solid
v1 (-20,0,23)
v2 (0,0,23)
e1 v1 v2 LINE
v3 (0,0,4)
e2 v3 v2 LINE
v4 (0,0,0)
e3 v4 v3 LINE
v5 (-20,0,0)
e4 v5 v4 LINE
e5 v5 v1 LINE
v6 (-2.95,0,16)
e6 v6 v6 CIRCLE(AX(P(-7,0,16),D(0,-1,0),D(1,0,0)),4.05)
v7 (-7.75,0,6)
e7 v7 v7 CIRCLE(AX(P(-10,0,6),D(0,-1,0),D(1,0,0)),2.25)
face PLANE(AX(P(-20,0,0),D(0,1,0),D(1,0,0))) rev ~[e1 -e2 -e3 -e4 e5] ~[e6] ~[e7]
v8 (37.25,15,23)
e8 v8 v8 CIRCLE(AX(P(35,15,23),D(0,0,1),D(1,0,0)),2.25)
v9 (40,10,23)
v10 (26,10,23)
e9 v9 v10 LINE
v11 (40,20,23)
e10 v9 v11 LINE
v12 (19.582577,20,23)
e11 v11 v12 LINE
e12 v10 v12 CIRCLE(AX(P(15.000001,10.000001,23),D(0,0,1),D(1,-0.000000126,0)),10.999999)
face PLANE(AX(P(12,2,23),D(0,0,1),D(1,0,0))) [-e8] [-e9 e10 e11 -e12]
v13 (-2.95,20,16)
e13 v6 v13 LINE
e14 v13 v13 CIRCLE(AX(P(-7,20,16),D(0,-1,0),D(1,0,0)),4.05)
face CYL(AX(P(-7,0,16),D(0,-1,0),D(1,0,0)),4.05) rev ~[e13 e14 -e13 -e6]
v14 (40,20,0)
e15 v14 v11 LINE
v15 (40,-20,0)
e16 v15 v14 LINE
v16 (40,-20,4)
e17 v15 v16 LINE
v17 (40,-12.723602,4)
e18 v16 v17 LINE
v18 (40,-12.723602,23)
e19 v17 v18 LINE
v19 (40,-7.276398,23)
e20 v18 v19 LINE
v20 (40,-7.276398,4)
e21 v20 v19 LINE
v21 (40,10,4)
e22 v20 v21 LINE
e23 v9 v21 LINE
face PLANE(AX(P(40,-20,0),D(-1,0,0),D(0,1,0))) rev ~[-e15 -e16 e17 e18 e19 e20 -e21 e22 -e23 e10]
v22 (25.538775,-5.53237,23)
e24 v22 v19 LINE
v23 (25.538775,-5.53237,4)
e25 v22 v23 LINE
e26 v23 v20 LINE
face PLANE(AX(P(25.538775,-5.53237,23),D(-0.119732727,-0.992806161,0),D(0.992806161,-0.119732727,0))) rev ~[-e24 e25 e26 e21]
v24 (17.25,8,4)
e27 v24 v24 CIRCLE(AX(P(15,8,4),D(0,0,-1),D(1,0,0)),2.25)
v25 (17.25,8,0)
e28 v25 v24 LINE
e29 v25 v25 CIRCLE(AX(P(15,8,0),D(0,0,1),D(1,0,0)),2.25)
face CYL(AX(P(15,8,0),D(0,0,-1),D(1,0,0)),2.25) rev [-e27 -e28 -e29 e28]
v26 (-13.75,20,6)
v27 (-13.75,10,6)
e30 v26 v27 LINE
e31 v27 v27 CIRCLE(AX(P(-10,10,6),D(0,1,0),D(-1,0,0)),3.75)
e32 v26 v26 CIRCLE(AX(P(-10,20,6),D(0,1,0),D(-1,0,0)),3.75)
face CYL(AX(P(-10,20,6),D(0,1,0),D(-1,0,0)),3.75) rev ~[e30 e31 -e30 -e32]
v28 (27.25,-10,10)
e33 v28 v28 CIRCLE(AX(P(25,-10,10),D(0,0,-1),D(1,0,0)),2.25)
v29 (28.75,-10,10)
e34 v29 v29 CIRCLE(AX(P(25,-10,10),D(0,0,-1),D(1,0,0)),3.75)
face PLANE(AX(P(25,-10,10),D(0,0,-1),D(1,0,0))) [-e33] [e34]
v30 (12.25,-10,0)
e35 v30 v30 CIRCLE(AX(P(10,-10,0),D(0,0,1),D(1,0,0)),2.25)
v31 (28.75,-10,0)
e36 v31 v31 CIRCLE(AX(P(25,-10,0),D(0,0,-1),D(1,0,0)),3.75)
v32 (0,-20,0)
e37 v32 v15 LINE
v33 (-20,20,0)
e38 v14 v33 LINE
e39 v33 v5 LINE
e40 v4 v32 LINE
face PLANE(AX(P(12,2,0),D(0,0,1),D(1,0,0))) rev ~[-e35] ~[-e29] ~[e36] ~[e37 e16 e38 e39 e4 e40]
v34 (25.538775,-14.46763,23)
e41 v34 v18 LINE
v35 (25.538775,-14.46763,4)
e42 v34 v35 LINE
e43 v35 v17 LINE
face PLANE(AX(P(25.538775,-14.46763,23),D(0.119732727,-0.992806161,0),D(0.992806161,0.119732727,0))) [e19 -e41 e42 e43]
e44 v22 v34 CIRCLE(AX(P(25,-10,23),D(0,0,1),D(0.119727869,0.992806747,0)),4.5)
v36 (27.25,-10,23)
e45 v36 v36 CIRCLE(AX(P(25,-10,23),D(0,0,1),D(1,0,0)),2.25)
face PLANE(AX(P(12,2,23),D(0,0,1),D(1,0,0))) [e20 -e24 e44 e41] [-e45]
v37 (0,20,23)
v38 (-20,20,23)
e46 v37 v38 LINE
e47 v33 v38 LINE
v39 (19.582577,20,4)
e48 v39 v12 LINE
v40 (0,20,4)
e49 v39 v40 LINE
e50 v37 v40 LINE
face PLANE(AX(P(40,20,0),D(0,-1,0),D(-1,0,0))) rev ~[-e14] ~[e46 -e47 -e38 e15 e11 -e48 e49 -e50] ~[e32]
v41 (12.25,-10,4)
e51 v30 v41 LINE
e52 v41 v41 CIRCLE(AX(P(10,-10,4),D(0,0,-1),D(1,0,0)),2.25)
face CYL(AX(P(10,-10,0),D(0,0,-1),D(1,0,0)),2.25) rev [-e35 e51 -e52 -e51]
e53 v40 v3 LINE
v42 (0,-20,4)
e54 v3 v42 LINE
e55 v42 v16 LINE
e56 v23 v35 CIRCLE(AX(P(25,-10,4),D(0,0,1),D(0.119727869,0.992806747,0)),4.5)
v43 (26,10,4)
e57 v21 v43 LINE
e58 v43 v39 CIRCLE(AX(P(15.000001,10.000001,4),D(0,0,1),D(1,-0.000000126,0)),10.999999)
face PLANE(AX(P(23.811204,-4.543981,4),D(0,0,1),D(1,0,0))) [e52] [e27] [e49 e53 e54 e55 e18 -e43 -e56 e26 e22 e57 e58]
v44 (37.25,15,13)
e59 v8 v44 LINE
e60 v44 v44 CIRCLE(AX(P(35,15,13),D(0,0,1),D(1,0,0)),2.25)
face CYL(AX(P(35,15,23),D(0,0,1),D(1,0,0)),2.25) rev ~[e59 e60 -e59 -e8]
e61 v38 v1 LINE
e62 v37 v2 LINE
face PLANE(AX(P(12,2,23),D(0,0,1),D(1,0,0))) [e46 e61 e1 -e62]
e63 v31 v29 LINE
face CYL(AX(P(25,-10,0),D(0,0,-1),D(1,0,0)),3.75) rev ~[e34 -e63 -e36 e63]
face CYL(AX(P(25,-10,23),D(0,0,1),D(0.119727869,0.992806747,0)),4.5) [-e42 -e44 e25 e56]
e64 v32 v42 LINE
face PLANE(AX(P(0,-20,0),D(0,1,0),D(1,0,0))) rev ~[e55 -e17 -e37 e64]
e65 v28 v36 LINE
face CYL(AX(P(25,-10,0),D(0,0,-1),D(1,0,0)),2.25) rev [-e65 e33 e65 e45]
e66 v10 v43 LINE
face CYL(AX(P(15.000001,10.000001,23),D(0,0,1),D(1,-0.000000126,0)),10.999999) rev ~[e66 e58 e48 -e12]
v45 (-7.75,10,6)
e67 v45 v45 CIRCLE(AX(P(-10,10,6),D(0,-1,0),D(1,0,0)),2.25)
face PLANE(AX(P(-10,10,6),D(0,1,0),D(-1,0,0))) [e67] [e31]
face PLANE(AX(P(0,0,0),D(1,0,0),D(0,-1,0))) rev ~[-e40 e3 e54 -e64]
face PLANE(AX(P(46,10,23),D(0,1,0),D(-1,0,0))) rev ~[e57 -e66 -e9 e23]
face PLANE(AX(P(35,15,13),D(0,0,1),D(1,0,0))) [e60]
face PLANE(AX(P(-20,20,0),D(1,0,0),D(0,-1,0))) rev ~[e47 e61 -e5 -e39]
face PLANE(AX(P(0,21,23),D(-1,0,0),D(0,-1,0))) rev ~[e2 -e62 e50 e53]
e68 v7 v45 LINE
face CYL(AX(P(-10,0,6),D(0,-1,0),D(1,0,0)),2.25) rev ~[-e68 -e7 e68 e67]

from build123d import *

# Parameters (mm, degrees)
SKETCH_R        = 2.25
PAD_DEPTH       = 23
POCKET_DEPTH    = 19
SKETCH002_R     = 4.05
SKETCH002_R_2   = 2.25
POCKET001_DEPTH = 20.001
SKETCH003_R     = 2.25
POCKET002_DEPTH = 10
SKETCH004_R     = 3.75
POCKET003_DEPTH = 10
SKETCH005_R     = 3.75
POCKET004_DEPTH = 10


with BuildPart() as part:
    # Sketch → Pad (new body)
    with BuildSketch(Plane.XY):
        Polygon((0, -20), (40, -20), (40, 20), (-20, 20), (-20, 0), (0, 0), align=None)
        with Locations((15, 8)):
            Circle(SKETCH_R, mode=Mode.SUBTRACT)
        with Locations((10, -10)):
            Circle(SKETCH_R, mode=Mode.SUBTRACT)
        with Locations((25, -10)):
            Circle(SKETCH_R, mode=Mode.SUBTRACT)
    extrude(amount=PAD_DEPTH)

    # Sketch001 → Pocket (cut)
    with BuildSketch(Plane.XY.offset(23)):
        with BuildLine():
            Line((46, 10), (26, 10))
            ThreePointArc((26, 10), (22.778175, 17.778175), (15, 21))
            Line((15, 21), (0, 21))
            Line((0, 21), (0, -23))
            Line((0, -23), (46, -23))
            Line((46, -23), (46, -12))
            Line((25.538775, -14.46763), (46, -12))
            ThreePointArc((25.538775, -5.53237), (20.5, -10), (25.538775, -14.46763))
            Line((25.538775, -5.53237), (46, -8))
            Line((46, -8), (46, 10))
        make_face()
    extrude(amount=-POCKET_DEPTH, mode=Mode.SUBTRACT)

    # Sketch002 → Pocket001 (cut, through all)
    with BuildSketch(Plane.XZ):
        with Locations((-7, 16)):
            Circle(SKETCH002_R)
        with Locations((-10, 6)):
            Circle(SKETCH002_R_2)
    extrude(amount=-POCKET001_DEPTH, mode=Mode.SUBTRACT)

    # Sketch003 → Pocket002 (cut)
    with BuildSketch(Plane.XY.offset(23)):
        with Locations((35, 15)):
            Circle(SKETCH003_R)
    extrude(amount=-POCKET002_DEPTH, mode=Mode.SUBTRACT)

    # Sketch004 → Pocket003 (cut)
    with BuildSketch(Plane(origin=(0, 20, 0), x_dir=(-1, 0, 0), z_dir=(0, 1, 0))):
        with Locations((10, 6)):
            Circle(SKETCH004_R)
    extrude(amount=-POCKET003_DEPTH, mode=Mode.SUBTRACT)

    # Sketch005 → Pocket004 (cut)
    with BuildSketch(Plane(origin=(0, 0, 0), x_dir=(1, 0, 0), z_dir=(0, 0, -1))):
        with Locations((25, 10)):
            Circle(SKETCH005_R)
    extrude(amount=-POCKET004_DEPTH, mode=Mode.SUBTRACT)


solid = part.part
